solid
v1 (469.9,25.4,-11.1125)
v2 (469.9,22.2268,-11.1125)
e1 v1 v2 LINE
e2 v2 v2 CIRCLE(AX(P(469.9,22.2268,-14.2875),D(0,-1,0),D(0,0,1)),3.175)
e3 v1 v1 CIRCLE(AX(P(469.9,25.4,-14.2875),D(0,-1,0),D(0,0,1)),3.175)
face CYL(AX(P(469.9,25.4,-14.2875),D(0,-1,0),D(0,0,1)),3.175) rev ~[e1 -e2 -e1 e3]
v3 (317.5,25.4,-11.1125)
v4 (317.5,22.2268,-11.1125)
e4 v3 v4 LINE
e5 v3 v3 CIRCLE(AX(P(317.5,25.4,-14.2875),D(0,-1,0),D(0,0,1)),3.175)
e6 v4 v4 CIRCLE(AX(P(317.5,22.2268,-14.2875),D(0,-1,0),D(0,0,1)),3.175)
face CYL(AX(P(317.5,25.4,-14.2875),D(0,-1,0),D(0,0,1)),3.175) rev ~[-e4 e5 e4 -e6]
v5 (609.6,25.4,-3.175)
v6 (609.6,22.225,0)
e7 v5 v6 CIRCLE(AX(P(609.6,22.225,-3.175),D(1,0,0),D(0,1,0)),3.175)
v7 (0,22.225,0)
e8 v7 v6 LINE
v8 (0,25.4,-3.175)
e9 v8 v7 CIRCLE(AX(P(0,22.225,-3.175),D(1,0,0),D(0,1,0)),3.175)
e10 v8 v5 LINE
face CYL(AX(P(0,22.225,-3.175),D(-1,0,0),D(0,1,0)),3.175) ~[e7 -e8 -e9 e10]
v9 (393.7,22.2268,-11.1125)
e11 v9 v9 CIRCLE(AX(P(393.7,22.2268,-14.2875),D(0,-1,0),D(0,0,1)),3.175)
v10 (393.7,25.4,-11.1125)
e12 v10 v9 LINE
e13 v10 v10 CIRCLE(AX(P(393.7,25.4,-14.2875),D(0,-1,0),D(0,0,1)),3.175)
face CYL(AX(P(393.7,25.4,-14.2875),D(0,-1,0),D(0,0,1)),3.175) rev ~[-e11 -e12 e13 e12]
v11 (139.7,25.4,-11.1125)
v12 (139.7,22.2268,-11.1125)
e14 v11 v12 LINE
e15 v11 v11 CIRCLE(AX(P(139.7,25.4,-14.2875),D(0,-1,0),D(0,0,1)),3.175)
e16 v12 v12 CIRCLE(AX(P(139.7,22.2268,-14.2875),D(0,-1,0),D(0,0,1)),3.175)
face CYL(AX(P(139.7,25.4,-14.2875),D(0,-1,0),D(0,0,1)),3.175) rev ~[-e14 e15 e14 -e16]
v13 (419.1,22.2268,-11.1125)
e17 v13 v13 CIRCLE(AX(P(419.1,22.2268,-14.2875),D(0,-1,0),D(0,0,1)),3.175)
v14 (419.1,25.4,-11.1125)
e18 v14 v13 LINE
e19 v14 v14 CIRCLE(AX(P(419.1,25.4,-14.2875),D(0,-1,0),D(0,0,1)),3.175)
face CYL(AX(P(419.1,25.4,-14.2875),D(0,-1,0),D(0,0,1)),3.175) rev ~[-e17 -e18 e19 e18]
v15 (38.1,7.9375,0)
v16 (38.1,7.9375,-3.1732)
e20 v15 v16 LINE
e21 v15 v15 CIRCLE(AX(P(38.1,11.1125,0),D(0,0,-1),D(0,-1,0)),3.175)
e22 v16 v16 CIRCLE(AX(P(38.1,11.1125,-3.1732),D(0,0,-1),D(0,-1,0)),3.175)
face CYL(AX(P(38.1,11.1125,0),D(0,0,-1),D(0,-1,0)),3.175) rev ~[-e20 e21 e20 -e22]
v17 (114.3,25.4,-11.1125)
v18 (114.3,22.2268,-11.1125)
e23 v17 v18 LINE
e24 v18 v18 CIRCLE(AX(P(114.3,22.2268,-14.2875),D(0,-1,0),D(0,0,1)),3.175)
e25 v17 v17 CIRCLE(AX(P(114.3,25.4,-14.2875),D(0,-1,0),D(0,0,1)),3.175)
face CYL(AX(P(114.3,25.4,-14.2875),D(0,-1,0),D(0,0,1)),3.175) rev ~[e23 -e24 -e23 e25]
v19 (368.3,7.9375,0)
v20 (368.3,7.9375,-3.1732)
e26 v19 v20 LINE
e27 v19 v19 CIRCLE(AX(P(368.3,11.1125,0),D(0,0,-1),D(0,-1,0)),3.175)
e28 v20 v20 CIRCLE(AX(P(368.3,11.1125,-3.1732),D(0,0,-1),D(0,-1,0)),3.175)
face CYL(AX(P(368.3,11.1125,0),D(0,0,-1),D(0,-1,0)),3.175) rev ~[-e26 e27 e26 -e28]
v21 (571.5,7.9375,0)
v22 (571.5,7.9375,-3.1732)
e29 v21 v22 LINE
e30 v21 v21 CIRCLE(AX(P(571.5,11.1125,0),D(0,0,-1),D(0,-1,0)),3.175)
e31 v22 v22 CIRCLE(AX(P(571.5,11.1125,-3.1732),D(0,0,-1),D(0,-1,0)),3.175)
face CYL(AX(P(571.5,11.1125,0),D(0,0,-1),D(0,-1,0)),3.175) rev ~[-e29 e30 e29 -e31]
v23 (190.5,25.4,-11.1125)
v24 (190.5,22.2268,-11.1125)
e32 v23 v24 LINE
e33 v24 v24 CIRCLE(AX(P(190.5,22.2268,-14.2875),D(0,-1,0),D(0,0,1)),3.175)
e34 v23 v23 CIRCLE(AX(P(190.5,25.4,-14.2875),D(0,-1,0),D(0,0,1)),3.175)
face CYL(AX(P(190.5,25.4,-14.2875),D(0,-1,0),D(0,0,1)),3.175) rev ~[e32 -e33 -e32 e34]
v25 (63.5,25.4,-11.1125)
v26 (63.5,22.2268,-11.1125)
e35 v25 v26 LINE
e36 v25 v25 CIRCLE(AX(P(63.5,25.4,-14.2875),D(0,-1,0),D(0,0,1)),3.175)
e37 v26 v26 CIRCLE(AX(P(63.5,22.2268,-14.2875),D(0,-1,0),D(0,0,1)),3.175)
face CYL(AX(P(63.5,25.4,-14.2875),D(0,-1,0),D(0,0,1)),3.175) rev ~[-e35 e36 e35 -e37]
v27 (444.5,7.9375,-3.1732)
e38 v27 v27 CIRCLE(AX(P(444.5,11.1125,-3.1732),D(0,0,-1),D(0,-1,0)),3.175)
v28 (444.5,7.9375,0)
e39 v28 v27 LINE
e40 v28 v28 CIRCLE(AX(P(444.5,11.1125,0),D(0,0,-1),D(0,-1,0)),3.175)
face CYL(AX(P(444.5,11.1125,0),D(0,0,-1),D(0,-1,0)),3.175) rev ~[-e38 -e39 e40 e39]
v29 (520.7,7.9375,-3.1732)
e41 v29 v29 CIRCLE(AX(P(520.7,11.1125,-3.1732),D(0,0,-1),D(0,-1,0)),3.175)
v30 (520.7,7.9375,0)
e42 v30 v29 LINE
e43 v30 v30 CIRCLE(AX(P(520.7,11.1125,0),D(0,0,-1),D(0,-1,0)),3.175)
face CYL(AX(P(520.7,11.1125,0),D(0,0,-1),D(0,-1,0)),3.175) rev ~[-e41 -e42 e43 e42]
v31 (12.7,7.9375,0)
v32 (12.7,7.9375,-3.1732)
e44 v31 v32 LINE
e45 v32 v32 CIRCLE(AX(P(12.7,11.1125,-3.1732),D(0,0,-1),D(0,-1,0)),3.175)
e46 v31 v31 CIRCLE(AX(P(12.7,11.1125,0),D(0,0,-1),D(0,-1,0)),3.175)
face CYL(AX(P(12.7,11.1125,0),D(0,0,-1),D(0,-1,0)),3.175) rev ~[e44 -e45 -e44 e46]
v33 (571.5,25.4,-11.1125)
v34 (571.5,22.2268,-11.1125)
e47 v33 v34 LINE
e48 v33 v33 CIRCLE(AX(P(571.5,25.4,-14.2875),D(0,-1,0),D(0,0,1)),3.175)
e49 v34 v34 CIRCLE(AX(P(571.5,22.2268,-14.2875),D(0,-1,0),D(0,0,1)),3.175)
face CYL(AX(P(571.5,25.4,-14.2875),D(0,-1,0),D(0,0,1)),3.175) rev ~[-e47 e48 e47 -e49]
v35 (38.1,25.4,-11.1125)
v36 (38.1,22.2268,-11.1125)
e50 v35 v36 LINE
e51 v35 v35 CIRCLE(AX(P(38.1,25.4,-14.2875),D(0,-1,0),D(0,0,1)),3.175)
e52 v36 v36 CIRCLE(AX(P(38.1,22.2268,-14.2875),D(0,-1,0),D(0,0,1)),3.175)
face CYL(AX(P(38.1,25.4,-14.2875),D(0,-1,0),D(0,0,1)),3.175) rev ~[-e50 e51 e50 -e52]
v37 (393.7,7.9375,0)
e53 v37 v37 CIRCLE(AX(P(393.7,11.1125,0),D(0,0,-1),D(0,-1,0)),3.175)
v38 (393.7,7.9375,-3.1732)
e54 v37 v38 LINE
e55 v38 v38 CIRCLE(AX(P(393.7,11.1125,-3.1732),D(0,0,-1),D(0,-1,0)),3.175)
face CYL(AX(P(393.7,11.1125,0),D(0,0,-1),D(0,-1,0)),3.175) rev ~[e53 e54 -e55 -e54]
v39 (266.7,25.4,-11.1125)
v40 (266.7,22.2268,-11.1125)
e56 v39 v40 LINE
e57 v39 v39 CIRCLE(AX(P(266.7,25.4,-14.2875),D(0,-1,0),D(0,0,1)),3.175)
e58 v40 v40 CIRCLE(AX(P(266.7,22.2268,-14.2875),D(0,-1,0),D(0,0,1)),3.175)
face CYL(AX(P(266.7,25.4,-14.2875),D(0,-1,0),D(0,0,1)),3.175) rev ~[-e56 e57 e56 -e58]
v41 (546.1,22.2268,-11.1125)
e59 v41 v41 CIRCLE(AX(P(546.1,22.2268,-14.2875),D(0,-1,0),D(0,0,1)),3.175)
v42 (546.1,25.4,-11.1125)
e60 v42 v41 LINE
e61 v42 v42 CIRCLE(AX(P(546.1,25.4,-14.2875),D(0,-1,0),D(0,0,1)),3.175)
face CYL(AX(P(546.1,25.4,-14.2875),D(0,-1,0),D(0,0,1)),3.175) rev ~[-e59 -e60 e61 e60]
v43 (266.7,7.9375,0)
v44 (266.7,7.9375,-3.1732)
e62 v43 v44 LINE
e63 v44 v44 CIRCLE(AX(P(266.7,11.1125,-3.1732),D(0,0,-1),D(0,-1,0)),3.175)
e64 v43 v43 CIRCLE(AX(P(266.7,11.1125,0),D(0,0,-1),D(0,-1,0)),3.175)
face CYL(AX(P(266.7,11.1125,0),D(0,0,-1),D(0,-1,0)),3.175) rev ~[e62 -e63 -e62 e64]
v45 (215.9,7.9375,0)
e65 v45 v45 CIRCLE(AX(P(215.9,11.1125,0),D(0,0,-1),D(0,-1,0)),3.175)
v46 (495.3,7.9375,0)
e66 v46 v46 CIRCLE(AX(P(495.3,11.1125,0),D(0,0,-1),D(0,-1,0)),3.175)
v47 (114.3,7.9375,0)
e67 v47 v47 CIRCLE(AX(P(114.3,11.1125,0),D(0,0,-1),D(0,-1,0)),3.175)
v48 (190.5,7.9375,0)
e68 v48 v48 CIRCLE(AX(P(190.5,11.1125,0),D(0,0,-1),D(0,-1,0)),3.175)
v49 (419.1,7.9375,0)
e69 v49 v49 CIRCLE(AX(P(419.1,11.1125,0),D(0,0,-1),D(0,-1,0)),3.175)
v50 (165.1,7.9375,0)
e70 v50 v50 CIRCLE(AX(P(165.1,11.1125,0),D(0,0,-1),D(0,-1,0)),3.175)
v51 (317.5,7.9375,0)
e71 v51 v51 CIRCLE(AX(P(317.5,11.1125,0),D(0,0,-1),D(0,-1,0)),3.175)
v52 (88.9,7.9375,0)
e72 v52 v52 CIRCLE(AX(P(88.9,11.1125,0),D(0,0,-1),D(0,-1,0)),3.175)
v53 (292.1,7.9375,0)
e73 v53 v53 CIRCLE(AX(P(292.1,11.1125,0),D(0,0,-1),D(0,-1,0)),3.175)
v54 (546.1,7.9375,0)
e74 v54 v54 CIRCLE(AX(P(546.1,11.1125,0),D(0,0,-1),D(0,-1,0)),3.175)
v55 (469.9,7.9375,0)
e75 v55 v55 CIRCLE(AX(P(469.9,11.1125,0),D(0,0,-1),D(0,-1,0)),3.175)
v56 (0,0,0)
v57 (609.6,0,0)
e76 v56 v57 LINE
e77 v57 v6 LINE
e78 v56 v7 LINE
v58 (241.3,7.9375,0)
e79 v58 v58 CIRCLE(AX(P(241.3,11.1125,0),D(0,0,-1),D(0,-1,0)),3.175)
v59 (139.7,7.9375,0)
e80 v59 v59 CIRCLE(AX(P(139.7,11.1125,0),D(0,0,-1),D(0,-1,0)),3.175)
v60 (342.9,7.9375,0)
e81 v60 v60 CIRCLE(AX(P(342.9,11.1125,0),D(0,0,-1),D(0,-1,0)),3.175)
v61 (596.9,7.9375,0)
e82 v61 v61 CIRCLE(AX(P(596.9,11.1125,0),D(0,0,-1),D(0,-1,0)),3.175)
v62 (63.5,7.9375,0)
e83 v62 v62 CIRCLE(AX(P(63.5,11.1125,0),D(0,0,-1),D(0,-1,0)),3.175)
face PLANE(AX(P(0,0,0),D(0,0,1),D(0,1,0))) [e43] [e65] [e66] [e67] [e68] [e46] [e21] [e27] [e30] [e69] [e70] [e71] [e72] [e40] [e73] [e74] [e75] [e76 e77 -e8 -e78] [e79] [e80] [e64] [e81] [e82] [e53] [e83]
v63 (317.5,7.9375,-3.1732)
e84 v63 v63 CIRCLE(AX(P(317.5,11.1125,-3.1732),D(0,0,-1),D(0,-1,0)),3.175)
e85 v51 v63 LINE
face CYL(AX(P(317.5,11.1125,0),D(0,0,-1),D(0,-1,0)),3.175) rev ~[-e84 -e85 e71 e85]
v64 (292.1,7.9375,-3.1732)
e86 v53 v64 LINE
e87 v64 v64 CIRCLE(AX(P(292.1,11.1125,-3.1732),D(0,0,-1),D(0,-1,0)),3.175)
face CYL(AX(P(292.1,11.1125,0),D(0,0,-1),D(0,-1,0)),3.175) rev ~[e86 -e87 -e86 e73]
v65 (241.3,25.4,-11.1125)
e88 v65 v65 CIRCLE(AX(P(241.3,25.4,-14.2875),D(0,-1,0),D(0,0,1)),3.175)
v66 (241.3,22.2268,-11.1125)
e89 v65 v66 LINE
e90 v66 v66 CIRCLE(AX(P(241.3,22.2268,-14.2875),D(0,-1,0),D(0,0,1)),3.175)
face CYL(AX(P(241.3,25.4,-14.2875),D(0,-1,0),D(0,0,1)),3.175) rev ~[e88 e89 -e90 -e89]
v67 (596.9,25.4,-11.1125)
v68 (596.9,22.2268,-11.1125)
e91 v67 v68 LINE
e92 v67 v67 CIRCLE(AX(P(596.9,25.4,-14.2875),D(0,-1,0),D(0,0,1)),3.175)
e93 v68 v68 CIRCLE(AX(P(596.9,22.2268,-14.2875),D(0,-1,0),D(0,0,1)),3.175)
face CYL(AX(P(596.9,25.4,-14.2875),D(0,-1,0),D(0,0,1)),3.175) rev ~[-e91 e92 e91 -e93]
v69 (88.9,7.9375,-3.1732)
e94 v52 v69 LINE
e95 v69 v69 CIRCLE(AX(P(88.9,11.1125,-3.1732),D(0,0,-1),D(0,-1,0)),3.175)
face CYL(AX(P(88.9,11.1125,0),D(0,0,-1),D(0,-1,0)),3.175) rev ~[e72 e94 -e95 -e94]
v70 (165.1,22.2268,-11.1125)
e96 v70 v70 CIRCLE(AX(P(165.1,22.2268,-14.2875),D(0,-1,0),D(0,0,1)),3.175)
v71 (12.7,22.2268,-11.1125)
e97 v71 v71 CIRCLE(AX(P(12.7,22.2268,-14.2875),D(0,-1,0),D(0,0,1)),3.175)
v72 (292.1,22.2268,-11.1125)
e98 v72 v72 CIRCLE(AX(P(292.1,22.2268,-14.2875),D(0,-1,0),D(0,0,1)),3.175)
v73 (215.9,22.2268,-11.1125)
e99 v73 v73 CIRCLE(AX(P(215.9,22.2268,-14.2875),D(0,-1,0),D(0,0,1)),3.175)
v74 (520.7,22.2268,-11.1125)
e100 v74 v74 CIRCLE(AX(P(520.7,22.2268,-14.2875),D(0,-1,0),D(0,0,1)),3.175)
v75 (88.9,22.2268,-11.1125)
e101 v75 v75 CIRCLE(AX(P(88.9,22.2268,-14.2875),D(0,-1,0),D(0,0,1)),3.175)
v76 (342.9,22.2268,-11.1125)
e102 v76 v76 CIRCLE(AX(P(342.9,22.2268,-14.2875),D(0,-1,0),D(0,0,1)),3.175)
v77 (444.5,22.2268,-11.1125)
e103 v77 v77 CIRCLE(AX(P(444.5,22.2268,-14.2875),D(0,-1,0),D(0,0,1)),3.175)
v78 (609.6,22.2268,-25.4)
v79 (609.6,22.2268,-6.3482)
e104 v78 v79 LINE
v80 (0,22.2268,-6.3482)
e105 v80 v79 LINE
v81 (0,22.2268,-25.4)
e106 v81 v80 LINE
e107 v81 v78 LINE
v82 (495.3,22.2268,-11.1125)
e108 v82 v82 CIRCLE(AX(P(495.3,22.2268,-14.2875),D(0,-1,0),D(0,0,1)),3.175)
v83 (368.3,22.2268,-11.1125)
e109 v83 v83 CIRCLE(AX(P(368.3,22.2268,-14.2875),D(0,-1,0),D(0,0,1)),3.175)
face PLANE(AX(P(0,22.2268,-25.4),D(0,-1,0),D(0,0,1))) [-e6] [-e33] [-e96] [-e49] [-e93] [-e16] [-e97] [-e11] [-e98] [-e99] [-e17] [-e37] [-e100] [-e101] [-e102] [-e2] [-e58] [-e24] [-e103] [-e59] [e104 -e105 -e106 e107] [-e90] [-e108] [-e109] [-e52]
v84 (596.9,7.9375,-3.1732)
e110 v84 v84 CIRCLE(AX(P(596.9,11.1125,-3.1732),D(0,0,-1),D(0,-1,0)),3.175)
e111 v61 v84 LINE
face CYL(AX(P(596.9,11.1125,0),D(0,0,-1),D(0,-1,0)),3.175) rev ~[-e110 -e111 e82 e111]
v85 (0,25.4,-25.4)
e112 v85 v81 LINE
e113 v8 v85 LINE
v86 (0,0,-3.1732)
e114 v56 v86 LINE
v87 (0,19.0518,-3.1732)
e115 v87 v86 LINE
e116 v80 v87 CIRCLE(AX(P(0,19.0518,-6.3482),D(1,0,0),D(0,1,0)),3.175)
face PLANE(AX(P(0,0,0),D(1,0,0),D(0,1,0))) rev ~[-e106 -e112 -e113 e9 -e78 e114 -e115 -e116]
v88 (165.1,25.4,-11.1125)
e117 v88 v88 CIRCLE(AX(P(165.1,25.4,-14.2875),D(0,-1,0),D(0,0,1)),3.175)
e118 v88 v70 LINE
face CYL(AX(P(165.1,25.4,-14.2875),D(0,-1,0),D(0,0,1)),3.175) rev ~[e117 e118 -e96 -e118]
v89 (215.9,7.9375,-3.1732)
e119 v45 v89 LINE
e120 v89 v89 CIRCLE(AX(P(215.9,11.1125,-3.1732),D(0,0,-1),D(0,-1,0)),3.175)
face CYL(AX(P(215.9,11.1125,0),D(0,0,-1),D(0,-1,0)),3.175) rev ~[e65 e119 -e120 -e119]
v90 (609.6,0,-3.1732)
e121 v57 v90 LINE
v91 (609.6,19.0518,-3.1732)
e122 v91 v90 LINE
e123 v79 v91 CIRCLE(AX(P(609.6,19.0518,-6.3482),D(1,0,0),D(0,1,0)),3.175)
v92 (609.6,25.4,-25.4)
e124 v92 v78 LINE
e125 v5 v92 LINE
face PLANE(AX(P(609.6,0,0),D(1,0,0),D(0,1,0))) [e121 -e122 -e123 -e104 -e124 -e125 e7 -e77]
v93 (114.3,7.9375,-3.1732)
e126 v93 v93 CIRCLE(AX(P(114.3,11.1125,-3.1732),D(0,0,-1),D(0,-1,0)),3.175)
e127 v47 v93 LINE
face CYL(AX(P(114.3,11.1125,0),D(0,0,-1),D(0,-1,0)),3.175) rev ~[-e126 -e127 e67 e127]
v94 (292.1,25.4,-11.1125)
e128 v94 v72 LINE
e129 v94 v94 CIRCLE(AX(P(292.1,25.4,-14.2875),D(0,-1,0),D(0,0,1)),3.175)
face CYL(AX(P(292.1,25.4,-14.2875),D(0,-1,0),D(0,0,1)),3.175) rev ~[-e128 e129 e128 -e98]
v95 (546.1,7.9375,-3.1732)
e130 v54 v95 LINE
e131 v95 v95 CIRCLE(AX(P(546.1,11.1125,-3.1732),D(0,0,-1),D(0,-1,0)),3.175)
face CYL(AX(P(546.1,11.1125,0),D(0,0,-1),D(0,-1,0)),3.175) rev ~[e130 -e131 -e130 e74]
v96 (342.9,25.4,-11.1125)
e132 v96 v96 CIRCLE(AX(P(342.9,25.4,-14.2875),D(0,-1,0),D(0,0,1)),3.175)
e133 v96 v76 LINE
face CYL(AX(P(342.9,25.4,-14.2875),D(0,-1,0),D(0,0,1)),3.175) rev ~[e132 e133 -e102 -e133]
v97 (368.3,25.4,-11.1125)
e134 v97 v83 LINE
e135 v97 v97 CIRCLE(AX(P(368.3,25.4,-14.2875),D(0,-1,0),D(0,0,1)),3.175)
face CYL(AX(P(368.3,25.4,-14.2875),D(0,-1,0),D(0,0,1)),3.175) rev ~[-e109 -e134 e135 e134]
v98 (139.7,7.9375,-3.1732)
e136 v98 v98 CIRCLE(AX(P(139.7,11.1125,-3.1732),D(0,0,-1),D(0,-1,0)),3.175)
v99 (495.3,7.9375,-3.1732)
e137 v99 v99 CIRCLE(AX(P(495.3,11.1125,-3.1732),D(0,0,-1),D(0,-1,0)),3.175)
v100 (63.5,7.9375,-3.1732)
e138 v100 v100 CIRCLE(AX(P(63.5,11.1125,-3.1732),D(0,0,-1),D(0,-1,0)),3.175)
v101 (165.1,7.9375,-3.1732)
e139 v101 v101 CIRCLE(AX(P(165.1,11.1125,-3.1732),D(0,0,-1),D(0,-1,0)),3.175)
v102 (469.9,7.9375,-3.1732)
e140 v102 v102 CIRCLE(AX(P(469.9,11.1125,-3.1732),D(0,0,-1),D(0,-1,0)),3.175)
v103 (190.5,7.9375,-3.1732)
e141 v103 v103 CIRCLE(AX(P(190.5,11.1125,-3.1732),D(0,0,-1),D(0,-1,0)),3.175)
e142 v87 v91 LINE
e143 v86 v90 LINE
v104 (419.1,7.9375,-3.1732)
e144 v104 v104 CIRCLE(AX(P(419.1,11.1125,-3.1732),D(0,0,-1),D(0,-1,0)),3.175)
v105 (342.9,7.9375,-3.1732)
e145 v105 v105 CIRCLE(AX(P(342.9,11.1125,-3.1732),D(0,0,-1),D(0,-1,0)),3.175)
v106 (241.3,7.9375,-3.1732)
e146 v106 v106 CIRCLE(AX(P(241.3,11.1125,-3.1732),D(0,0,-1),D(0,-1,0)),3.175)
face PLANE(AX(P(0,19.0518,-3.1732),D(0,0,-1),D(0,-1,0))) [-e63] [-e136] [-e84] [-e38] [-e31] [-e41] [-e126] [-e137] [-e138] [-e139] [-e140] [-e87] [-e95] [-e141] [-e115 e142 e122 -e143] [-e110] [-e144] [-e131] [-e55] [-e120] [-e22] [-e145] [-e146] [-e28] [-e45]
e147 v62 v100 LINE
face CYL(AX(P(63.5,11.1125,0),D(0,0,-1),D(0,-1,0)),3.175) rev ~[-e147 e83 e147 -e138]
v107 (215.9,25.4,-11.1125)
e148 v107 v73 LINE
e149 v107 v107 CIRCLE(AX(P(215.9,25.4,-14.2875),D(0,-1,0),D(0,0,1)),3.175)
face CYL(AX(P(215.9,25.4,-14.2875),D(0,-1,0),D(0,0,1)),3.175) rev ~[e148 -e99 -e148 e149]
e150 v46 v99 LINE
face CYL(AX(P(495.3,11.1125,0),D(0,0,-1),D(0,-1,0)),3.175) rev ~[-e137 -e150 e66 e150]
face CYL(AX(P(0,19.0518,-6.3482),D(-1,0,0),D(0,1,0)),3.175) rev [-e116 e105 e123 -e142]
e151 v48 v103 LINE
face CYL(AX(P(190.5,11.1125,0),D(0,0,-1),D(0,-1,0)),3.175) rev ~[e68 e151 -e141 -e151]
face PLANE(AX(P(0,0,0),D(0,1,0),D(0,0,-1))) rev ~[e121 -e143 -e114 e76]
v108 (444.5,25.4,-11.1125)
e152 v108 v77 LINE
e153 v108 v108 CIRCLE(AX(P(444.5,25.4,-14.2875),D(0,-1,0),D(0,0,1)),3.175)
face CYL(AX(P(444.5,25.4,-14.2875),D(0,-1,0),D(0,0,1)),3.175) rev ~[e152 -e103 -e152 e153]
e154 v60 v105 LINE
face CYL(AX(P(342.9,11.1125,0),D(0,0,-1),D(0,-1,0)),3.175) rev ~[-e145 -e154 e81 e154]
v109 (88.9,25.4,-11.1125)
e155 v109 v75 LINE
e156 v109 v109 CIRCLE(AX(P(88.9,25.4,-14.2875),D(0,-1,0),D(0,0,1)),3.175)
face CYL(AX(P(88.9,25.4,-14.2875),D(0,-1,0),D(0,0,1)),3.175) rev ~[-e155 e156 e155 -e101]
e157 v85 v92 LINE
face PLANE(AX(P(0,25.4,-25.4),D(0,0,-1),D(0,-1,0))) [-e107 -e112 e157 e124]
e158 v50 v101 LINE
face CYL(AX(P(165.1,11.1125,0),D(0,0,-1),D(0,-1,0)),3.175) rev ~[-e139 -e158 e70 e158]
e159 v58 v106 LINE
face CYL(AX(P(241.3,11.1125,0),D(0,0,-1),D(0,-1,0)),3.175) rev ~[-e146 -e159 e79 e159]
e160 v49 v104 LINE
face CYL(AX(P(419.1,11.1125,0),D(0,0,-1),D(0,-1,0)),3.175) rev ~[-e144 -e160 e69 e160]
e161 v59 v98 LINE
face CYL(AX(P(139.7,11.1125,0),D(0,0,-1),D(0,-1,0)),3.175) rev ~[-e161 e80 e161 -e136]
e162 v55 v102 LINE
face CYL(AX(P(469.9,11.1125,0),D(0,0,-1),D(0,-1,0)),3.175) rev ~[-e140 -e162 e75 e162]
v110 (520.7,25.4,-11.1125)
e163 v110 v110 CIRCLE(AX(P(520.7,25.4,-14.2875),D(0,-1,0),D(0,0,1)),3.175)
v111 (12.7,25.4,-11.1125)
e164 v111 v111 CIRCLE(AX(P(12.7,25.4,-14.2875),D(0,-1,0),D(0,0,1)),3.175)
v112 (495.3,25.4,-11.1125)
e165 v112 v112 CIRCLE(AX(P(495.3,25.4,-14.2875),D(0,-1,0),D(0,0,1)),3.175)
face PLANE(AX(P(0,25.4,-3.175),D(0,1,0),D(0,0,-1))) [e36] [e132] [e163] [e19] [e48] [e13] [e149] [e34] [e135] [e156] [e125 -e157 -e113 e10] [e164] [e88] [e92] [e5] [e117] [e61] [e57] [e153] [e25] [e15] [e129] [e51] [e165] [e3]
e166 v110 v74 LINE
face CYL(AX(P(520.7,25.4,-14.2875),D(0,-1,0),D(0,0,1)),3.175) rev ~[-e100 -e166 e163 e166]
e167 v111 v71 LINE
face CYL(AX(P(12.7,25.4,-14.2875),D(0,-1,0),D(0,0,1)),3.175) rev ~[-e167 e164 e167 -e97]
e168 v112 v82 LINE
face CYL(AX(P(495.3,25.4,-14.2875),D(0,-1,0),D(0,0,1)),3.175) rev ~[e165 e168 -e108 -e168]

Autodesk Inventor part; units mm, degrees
ref_plane "YZ Plane" through (0, 0, 0) normal (1, 0, 0) x (0, 1, 0)
ref_plane "XZ Plane" through (0, 0, 0) normal (0, 1, 0) x (-1, 0, 0)
ref_plane "XY Plane" through (0, 0, 0) normal (0, 0, 1) x (1, 0, 0)
sketch "Sketch1" plane through (0, 0, 0) normal (1, 0, 0) x (0, 1, 0)
  line L0 (0, 0) -> (22.225, 0)
  line L1 (25.4, -3.175) -> (25.4, -25.4)
  line L2 (22.2268, -25.4) -> (22.2268, -6.3482)
  line L3 (19.0518, -3.1732) -> (0, -3.1732)
  line L4 (25.4, -25.4) -> (22.2268, -25.4)
  line L5 (0, 0) -> (0, -3.1732)
  arc A0 (25.4, -3.175) -> (22.225, 0) centre (22.225, -3.175) ccw
  arc A1 (22.2268, -6.3482) -> (19.0518, -3.1732) centre (19.0518, -6.3482) ccw
  point P0 (25.4, 0)
  dimension "d0" = 25.4
  dimension "d1" = 25.4
  dimension "d2" = 3.175
extrude "Extrusion1" add sketch "Sketch1" along normal blind 609.6
sketch "Sketch2" plane through (0, 0, 0) normal (0, 0, 1) x (1, 0, 0)
  line L0 (0, 0) -> (0, 22.225) projected
  circle A0 centre (12.7, 11.1125) radius 1.9225
  dimension "d5" = 12.7
hole "Hole1" at (12.7, 11.1125, 0) direction (0, 0, -1) diameter 6.35 end through all
pattern_linear "Rectangular Pattern1" count 24 spacing 25.4 along (1, 0, 0) of "Hole1"
sketch "Sketch3" plane through (0, 25.4, -3.175) normal (0, 1, 0) x (1, 0, 0)
  line L0 (0, 0) -> (0, 22.225) projected
  circle A0 centre (12.7, 11.1125) radius 5.2364
  point P0 (0, -3.175)
  dimension "d16" = 12.7
hole "Hole2" at (12.7, 25.4, -14.2875) direction (0, -1, 0) diameter 6.35 end through all
pattern_linear "Rectangular Pattern2" count 24 spacing 25.4 along (1, 0, 0) of "Hole2"
properties part number "frame_angle_horiz" material "Steel, Mild"
